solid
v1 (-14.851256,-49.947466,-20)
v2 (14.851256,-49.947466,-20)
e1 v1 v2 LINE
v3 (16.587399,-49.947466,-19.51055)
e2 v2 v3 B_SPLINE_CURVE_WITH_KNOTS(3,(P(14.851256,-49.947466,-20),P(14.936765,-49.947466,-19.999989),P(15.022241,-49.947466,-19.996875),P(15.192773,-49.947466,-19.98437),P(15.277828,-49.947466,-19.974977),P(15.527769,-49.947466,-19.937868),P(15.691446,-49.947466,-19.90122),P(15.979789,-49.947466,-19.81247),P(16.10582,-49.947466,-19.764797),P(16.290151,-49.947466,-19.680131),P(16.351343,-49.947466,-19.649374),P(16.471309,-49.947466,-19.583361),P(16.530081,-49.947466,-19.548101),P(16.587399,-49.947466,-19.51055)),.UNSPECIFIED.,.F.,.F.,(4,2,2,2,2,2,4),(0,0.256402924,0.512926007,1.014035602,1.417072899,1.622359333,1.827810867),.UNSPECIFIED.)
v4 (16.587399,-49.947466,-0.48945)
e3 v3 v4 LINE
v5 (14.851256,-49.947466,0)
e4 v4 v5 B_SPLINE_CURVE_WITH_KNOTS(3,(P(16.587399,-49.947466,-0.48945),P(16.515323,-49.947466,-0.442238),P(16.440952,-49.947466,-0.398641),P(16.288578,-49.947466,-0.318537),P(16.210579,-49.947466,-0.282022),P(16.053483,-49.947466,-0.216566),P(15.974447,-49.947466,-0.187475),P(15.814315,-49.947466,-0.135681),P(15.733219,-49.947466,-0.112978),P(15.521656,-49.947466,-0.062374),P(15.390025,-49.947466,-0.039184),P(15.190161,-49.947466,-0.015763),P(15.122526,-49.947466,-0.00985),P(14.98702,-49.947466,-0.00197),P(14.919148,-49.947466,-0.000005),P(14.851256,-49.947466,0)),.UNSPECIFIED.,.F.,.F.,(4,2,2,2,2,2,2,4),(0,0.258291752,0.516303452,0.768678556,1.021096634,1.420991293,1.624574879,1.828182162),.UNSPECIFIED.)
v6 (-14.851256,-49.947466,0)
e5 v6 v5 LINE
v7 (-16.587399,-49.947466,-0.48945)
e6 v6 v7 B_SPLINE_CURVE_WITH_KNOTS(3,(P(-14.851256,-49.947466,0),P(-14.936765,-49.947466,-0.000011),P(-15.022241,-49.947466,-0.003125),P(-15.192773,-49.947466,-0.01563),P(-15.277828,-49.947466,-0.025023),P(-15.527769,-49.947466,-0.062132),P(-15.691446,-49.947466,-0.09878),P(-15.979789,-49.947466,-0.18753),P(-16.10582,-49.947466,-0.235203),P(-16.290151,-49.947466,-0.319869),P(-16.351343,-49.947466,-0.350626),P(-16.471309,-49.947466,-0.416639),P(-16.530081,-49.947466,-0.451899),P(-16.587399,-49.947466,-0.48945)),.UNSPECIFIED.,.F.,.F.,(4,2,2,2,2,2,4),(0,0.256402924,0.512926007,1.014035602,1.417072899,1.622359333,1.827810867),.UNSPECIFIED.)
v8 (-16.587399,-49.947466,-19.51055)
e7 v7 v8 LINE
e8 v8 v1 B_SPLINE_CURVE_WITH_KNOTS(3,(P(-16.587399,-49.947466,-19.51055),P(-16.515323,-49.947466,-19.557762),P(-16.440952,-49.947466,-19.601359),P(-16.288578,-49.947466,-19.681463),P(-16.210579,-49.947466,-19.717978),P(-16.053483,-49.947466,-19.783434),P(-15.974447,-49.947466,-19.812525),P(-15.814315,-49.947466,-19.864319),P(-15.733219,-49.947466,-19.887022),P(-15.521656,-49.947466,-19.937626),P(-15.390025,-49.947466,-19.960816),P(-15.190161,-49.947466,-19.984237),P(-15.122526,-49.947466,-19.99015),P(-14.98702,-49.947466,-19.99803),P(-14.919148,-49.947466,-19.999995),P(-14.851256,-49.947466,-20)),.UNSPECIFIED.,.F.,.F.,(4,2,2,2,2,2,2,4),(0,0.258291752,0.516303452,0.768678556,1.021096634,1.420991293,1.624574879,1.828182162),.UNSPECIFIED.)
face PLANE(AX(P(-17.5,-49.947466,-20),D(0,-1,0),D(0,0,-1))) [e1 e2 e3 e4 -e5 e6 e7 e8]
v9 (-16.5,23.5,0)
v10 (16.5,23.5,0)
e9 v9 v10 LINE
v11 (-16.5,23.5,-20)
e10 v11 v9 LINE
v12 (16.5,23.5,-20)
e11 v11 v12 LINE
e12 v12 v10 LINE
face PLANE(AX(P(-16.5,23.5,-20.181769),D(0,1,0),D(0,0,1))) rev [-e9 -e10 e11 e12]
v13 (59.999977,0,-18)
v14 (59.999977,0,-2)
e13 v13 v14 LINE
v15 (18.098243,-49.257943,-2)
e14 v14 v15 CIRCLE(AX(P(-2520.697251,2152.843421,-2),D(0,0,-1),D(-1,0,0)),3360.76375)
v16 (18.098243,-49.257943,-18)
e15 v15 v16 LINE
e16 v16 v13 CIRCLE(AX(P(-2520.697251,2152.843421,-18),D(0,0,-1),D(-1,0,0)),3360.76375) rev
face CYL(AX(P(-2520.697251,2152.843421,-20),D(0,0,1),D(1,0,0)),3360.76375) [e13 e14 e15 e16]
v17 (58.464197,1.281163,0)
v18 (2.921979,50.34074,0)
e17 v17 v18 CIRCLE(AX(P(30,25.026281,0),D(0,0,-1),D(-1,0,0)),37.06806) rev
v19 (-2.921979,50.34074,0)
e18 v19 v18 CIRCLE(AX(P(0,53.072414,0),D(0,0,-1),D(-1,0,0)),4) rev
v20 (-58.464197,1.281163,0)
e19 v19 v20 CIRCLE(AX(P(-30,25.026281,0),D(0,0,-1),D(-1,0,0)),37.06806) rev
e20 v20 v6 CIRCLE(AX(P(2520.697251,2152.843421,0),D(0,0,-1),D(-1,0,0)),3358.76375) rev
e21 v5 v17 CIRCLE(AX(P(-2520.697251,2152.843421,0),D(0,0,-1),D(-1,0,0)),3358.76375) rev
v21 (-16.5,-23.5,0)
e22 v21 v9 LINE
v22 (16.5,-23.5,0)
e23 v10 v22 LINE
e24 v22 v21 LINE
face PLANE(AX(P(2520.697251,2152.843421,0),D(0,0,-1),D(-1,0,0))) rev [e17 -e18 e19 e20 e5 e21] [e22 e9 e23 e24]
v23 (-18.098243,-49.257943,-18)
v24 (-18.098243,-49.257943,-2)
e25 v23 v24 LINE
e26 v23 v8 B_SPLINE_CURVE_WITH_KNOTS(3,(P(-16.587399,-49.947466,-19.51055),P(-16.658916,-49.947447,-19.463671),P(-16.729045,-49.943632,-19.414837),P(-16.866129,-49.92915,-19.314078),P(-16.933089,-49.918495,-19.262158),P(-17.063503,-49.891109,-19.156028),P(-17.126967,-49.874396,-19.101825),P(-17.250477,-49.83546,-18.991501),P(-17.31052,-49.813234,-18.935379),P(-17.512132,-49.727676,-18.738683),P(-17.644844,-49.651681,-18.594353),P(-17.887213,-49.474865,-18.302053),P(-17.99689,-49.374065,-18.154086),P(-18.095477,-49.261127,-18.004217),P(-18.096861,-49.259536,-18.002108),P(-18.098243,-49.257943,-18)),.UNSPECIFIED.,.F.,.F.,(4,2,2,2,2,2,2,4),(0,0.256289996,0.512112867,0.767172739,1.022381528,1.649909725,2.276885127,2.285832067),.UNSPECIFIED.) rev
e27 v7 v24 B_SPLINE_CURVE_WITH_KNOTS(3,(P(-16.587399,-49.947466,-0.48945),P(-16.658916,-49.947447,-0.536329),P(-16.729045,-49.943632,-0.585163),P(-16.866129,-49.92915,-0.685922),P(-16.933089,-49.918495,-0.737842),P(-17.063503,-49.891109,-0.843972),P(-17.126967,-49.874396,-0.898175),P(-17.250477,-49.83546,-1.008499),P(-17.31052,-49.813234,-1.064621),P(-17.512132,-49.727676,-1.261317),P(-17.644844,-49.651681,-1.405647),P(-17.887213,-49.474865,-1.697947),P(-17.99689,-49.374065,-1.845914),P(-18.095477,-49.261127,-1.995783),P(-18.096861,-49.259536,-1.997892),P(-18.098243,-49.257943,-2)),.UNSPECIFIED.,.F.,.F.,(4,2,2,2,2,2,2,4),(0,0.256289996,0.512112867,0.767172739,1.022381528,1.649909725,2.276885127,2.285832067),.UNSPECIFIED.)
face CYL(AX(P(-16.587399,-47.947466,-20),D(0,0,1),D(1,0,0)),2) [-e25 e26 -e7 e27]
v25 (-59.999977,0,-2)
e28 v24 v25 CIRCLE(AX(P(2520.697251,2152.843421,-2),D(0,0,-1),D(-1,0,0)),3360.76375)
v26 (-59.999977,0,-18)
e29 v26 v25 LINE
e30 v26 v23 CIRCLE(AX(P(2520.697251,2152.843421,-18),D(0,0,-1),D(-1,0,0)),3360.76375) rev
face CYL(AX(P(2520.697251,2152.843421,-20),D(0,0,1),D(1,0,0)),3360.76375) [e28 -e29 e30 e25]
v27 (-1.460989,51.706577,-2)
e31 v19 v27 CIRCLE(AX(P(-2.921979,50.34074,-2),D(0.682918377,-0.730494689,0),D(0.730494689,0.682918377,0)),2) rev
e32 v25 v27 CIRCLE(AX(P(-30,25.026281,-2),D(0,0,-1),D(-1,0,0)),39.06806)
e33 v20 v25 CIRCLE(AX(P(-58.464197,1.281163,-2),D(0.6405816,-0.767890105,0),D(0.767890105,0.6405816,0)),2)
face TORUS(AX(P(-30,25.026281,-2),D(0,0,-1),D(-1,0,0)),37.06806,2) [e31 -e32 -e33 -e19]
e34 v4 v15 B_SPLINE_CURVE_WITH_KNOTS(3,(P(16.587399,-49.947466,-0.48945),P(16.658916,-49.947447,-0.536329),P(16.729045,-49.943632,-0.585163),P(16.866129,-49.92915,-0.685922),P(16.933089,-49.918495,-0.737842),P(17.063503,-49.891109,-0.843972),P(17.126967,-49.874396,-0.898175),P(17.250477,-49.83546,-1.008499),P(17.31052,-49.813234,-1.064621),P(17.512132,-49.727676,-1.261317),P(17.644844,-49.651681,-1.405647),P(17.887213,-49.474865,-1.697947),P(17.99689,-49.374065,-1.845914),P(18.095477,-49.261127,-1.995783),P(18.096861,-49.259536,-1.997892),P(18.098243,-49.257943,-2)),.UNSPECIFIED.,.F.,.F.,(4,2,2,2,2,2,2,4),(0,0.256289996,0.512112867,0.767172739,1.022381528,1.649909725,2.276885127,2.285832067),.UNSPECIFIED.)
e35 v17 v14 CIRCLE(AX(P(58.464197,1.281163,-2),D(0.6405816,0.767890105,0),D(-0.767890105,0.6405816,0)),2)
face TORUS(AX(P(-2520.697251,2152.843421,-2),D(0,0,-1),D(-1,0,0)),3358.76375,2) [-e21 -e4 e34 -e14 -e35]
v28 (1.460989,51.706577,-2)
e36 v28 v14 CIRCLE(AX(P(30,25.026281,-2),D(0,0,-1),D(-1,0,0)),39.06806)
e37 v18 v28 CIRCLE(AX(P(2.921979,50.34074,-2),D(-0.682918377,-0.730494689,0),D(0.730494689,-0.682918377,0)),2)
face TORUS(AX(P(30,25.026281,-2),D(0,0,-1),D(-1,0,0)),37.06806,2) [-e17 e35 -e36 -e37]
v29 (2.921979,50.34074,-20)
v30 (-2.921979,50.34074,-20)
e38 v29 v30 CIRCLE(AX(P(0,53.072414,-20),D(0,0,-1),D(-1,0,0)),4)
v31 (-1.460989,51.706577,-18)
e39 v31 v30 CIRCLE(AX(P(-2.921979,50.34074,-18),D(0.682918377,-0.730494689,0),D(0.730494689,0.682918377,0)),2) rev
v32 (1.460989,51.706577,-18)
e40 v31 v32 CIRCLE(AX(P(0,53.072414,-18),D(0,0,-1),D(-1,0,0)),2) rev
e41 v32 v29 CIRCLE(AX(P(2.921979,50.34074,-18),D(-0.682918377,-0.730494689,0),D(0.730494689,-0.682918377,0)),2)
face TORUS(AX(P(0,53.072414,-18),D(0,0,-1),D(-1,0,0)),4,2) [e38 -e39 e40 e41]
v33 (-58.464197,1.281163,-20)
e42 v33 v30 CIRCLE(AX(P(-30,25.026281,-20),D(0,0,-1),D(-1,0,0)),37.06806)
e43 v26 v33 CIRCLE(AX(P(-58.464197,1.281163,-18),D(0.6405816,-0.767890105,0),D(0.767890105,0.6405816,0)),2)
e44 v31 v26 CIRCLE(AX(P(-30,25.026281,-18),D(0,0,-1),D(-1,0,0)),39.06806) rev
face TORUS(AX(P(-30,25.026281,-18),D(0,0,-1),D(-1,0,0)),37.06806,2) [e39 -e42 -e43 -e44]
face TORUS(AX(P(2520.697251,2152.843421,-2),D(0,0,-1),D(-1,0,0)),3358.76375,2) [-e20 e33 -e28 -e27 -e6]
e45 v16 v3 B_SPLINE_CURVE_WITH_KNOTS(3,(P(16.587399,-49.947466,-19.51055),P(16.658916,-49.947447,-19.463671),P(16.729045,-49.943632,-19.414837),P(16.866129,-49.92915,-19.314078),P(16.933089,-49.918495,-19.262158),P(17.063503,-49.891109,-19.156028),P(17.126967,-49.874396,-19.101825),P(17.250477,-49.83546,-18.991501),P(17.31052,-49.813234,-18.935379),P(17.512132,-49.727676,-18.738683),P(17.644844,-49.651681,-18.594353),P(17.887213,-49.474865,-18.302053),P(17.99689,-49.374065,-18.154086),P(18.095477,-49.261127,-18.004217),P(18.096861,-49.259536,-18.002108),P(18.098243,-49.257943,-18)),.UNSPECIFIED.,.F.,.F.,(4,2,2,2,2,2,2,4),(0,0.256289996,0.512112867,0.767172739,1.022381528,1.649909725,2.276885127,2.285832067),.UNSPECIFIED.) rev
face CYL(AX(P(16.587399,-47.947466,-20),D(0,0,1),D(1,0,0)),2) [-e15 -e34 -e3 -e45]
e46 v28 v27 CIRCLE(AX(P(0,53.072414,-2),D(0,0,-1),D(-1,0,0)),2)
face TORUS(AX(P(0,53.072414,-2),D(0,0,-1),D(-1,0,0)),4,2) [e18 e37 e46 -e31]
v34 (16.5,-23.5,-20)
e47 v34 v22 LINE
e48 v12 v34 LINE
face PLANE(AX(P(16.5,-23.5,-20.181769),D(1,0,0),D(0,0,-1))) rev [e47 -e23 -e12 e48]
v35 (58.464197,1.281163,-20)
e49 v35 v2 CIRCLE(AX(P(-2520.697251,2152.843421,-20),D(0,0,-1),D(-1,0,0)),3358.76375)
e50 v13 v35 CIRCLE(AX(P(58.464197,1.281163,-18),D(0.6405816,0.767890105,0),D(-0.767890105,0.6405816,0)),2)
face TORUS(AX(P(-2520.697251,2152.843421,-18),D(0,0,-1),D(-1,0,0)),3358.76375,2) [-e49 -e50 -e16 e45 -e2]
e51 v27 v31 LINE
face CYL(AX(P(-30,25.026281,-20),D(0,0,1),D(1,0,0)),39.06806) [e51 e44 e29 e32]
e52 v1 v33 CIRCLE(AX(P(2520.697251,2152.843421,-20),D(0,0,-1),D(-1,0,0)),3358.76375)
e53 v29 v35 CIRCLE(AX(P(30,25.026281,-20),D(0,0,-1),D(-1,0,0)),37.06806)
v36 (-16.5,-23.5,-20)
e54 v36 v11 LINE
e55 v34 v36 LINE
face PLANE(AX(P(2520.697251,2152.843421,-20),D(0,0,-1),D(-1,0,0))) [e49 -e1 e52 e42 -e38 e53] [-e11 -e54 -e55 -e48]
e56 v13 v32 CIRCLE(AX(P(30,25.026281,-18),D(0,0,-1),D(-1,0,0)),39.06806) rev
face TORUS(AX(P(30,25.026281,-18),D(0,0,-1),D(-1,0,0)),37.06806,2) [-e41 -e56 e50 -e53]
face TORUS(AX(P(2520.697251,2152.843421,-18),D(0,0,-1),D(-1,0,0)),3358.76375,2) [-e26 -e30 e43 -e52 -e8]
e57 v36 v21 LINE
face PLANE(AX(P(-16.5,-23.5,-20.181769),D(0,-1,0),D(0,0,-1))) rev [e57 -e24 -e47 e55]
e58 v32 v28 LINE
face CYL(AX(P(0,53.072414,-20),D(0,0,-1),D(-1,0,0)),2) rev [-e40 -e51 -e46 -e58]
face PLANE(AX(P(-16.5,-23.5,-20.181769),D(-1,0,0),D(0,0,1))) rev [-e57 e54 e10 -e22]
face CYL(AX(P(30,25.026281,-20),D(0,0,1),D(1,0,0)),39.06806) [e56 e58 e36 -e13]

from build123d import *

# Parameters (mm, degrees)
DODANIE_WYCI_GNI_CIE1_DEPTH     = 20
ZAOKR_GLENIE1_R                 = 2
WYTNIJ_WYCI_GNI_CIE1_DEPTH      = 97.32487505
WYTNIJ_WYCI_GNI_CIE1_DEPTH_BACK = 97.32487505
SZKIC4_W                        = 33
SZKIC4_H                        = 47


with BuildPart() as part:
    # Szkic1 → Dodanie-wyciągnięcie1 (new body)
    with BuildSketch(Plane.XY):
        with BuildLine():
            Line((-17.5, -49.947466261), (17.5, -49.947466261))
            ThreePointArc((17.5, -49.947466261), (38.871825844, -25.07740374), (59.999977002, 0))
            ThreePointArc((59.999977002, 0), (55.026266869, 55.026269155), (0, 50.052533739))
            ThreePointArc((0, 50.052533739), (-55.026266869, 55.026269155), (-59.999977002, 0))
            ThreePointArc((-59.999977002, 0), (-38.871825844, -25.07740374), (-17.5, -49.947466261))
        make_face()
    extrude(amount=-DODANIE_WYCI_GNI_CIE1_DEPTH)

    # Zaokrąglenie1
    zaokr_glenie1_edges = [part.edges().sort_by_distance(p)[0] for p in [
        (55.026266869, 55.026269155, -20),
        (38.871825844, -25.07740374, -20),
        (-38.871825844, -25.07740374, -20),
        (38.871825844, -25.07740374, 0),
        (55.026266869, 55.026269155, 0),
        (-55.026266869, 55.026269155, 0),
        (-38.871825844, -25.07740374, 0),
        (-55.026266869, 55.026269155, -20),
        (-17.5, -49.947466261, -10),
        (17.5, -49.947466261, -10),
        (0, 50.052533739, -10),
    ]]
    fillet(zaokr_glenie1_edges, radius=ZAOKR_GLENIE1_R)

    # Szkic4 → Wytnij-wyciągnięcie1 (cut, two sides: drawn at the far end of the back side and taken through both)
    with BuildSketch(Plane.XY.offset(-WYTNIJ_WYCI_GNI_CIE1_DEPTH_BACK)):
        Rectangle(SZKIC4_W, SZKIC4_H)
    extrude(amount=WYTNIJ_WYCI_GNI_CIE1_DEPTH + WYTNIJ_WYCI_GNI_CIE1_DEPTH_BACK, mode=Mode.SUBTRACT)


solid = part.part
